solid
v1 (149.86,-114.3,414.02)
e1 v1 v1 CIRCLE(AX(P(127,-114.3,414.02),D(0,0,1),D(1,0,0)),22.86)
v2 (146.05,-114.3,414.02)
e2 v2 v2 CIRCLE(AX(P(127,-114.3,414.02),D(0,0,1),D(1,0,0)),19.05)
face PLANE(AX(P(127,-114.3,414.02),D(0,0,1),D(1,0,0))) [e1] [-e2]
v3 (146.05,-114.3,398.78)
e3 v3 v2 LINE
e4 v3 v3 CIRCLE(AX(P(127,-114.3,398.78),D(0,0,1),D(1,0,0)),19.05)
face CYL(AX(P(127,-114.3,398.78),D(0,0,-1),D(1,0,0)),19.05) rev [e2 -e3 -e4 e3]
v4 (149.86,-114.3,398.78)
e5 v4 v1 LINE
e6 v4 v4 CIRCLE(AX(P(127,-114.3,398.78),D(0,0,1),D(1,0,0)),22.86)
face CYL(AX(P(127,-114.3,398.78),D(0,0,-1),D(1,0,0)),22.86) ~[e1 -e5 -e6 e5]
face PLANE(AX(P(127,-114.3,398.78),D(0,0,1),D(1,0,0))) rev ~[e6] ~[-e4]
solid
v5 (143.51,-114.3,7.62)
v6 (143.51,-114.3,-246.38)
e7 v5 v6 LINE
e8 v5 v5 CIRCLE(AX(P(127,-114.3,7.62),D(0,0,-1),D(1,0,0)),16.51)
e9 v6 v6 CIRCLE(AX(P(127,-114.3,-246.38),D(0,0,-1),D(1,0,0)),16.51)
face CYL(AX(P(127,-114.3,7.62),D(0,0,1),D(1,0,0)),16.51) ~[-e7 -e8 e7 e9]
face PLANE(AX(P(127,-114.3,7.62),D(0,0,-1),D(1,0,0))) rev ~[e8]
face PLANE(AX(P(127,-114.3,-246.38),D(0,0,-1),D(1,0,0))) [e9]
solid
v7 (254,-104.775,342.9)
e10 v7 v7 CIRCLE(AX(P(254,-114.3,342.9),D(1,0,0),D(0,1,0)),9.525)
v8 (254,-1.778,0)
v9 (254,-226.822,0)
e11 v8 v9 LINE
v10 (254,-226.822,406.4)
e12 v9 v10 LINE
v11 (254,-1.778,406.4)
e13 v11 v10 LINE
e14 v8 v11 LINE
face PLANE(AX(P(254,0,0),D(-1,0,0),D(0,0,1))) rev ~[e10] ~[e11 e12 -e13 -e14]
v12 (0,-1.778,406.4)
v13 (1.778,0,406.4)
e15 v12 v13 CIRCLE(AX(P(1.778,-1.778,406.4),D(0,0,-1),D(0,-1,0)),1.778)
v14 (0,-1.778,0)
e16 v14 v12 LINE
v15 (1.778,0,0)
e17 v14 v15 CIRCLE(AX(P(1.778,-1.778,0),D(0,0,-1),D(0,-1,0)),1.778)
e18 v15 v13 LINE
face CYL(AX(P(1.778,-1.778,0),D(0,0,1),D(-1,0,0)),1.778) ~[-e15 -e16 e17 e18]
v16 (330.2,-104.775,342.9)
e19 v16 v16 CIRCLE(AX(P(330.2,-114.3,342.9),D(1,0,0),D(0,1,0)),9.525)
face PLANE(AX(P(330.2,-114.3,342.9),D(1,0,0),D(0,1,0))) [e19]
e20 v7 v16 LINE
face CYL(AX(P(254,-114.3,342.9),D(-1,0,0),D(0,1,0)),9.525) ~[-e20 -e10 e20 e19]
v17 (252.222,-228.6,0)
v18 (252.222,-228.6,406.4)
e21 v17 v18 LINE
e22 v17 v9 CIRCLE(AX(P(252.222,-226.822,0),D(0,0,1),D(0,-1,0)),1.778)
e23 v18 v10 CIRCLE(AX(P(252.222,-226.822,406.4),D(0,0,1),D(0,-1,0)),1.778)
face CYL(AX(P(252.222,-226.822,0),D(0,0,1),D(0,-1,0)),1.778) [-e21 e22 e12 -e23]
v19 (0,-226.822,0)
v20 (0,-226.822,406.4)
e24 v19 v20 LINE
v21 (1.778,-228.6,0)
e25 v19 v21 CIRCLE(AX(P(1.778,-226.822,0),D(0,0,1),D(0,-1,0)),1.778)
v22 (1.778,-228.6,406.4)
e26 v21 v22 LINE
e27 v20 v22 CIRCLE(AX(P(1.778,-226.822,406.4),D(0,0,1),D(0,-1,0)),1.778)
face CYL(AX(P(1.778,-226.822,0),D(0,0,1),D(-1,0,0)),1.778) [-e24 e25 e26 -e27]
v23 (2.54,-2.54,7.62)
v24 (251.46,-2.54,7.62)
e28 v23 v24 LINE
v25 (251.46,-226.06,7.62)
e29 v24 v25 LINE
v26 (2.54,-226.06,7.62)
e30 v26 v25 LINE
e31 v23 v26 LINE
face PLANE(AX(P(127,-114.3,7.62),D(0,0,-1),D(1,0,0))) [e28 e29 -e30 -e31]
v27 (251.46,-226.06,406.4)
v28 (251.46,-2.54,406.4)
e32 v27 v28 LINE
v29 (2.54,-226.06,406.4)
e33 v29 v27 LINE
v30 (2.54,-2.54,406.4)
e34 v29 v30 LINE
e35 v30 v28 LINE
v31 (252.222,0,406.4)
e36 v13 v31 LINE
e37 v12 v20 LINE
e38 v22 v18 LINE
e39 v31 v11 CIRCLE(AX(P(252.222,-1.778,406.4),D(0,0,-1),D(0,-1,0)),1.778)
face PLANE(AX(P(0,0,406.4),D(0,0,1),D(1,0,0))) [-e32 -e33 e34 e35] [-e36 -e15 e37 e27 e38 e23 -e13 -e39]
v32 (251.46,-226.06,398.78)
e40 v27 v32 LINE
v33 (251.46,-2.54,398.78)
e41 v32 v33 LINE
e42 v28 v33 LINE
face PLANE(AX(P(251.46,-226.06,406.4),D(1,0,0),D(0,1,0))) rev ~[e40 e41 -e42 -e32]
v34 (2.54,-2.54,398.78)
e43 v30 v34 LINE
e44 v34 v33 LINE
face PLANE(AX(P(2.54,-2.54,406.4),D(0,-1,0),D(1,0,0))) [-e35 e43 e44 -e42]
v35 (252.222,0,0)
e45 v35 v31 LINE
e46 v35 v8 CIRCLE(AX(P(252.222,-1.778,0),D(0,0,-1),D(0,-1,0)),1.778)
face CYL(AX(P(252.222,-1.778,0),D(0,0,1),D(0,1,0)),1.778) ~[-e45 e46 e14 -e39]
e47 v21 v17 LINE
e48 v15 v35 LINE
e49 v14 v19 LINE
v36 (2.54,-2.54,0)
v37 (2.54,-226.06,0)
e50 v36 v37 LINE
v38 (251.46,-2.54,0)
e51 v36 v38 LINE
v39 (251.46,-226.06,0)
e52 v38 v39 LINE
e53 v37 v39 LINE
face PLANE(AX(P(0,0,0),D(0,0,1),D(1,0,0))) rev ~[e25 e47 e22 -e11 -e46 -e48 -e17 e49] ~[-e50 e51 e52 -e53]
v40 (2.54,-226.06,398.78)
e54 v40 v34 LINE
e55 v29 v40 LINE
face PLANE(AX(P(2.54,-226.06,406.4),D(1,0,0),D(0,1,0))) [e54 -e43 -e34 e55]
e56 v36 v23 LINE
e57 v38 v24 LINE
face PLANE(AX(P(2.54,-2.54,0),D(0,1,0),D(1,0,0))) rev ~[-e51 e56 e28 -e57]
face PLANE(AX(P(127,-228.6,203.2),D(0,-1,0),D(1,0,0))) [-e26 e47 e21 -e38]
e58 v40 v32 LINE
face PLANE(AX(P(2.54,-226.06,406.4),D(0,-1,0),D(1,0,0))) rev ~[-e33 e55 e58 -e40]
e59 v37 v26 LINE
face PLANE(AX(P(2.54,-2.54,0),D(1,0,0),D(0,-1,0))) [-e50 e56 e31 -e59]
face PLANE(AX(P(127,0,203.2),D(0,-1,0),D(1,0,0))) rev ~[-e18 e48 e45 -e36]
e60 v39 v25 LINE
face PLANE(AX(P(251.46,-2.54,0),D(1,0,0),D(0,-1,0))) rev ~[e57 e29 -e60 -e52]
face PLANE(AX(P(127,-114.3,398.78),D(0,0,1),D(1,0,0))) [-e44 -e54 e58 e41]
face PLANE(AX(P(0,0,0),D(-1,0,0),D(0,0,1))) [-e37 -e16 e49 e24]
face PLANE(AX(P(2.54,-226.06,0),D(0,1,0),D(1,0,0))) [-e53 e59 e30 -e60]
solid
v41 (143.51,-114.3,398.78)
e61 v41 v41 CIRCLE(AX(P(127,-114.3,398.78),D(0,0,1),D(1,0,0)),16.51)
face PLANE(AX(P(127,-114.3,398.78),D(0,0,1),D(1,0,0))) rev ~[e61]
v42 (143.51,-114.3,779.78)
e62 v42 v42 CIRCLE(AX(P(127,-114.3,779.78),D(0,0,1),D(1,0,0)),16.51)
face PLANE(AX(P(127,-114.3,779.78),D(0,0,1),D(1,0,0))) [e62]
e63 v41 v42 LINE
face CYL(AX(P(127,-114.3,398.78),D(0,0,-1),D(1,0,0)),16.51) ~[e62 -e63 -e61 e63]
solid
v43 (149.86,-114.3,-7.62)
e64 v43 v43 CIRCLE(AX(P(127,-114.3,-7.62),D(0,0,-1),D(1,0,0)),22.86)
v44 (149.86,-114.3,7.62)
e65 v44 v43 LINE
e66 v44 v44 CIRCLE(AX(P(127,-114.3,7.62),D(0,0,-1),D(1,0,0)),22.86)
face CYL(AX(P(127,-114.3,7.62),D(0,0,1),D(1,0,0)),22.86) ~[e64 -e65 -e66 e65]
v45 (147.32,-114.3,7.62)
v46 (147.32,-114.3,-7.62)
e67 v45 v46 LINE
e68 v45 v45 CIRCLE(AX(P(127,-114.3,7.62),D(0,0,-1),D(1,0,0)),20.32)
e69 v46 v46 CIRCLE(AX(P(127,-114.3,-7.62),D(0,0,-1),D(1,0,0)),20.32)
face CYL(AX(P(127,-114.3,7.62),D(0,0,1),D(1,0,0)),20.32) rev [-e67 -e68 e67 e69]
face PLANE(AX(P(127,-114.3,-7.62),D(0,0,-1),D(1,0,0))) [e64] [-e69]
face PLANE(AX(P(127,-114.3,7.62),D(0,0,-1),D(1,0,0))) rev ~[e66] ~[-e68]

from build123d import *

# Parameters (mm, degrees)
F0_W      = 254
F0_H      = 406.4
F1_DEPTH  = 228.6
F2_W      = 248.92
F2_H      = 223.52
F3_DEPTH  = 7.62
F4_W      = 248.92
F4_H      = 223.52
F5_DEPTH  = 7.62
F6_R      = 22.86
F6_R_2    = 20.32
F7_DEPTH  = 15.24
F8_R      = 16.51
F9_DEPTH  = 254
F10_R     = 1.778
F11_R     = 22.86
F11_R_2   = 19.05
F12_DEPTH = 15.24
F13_R     = 16.51
F14_DEPTH = 381
F15_R     = 9.525
F16_DEPTH = 76.2


with BuildPart() as f1:
    # F0 (on Front) → F1 (new body)
    with BuildSketch(Plane.XZ):
        with Locations((127, 203.2)):
            Rectangle(F0_W, F0_H)
    extrude(amount=F1_DEPTH)

    # F2 (on face) → F3 (cut)
    with BuildSketch(Plane.XY.offset(406.4)):
        with Locations((127, -114.3)):
            Rectangle(F2_W, F2_H)
    extrude(amount=-F3_DEPTH, mode=Mode.SUBTRACT)

    # F4 (on face) → F5 (cut)
    with BuildSketch(Plane(origin=(0, 0, 0), x_dir=(1, 0, 0), z_dir=(0, 0, -1))):
        with Locations((127, 114.3)):
            Rectangle(F4_W, F4_H)
    extrude(amount=-F5_DEPTH, mode=Mode.SUBTRACT)

    # F10
    f10_edges = [f1.edges().sort_by_distance(p)[0] for p in [
        (0, -228.6, 203.2),
        (0, 0, 203.2),
        (254, -228.6, 203.2),
        (254, 0, 203.2),
    ]]
    fillet(f10_edges, radius=F10_R)

    # F15 (on face) → F16 (join)
    with BuildSketch(Plane.YZ.offset(254)):
        with Locations((-114.3, 342.9)):
            Circle(F15_R)
    extrude(amount=F16_DEPTH)


with BuildPart() as f7:
    # F6 (on face) → F7 (new body)
    with BuildSketch(Plane(origin=(0, 0, 7.62), x_dir=(1, 0, 0), z_dir=(0, 0, -1))):
        with Locations((127, 114.3)):
            Circle(F6_R)
        with Locations((127, 114.3)):
            Circle(F6_R_2, mode=Mode.SUBTRACT)
    extrude(amount=F7_DEPTH)


with BuildPart() as f9:
    # F8 (on face) → F9 (new body)
    with BuildSketch(Plane(origin=(0, 0, 7.62), x_dir=(1, 0, 0), z_dir=(0, 0, -1))):
        with Locations((127, 114.3)):
            Circle(F8_R)
    extrude(amount=F9_DEPTH)


with BuildPart() as f12:
    # F11 (on face) → F12 (new body)
    with BuildSketch(Plane.XY.offset(398.78)):
        with Locations((127, -114.3)):
            Circle(F11_R)
        with Locations((127, -114.3)):
            Circle(F11_R_2, mode=Mode.SUBTRACT)
    extrude(amount=F12_DEPTH)


with BuildPart() as f14:
    # F13 (on face) → F14 (new body)
    with BuildSketch(Plane.XY.offset(398.78)):
        with Locations((127, -114.3)):
            Circle(F13_R)
    extrude(amount=F14_DEPTH)


solid = Compound([f1.part, f7.part, f9.part, f12.part, f14.part])
